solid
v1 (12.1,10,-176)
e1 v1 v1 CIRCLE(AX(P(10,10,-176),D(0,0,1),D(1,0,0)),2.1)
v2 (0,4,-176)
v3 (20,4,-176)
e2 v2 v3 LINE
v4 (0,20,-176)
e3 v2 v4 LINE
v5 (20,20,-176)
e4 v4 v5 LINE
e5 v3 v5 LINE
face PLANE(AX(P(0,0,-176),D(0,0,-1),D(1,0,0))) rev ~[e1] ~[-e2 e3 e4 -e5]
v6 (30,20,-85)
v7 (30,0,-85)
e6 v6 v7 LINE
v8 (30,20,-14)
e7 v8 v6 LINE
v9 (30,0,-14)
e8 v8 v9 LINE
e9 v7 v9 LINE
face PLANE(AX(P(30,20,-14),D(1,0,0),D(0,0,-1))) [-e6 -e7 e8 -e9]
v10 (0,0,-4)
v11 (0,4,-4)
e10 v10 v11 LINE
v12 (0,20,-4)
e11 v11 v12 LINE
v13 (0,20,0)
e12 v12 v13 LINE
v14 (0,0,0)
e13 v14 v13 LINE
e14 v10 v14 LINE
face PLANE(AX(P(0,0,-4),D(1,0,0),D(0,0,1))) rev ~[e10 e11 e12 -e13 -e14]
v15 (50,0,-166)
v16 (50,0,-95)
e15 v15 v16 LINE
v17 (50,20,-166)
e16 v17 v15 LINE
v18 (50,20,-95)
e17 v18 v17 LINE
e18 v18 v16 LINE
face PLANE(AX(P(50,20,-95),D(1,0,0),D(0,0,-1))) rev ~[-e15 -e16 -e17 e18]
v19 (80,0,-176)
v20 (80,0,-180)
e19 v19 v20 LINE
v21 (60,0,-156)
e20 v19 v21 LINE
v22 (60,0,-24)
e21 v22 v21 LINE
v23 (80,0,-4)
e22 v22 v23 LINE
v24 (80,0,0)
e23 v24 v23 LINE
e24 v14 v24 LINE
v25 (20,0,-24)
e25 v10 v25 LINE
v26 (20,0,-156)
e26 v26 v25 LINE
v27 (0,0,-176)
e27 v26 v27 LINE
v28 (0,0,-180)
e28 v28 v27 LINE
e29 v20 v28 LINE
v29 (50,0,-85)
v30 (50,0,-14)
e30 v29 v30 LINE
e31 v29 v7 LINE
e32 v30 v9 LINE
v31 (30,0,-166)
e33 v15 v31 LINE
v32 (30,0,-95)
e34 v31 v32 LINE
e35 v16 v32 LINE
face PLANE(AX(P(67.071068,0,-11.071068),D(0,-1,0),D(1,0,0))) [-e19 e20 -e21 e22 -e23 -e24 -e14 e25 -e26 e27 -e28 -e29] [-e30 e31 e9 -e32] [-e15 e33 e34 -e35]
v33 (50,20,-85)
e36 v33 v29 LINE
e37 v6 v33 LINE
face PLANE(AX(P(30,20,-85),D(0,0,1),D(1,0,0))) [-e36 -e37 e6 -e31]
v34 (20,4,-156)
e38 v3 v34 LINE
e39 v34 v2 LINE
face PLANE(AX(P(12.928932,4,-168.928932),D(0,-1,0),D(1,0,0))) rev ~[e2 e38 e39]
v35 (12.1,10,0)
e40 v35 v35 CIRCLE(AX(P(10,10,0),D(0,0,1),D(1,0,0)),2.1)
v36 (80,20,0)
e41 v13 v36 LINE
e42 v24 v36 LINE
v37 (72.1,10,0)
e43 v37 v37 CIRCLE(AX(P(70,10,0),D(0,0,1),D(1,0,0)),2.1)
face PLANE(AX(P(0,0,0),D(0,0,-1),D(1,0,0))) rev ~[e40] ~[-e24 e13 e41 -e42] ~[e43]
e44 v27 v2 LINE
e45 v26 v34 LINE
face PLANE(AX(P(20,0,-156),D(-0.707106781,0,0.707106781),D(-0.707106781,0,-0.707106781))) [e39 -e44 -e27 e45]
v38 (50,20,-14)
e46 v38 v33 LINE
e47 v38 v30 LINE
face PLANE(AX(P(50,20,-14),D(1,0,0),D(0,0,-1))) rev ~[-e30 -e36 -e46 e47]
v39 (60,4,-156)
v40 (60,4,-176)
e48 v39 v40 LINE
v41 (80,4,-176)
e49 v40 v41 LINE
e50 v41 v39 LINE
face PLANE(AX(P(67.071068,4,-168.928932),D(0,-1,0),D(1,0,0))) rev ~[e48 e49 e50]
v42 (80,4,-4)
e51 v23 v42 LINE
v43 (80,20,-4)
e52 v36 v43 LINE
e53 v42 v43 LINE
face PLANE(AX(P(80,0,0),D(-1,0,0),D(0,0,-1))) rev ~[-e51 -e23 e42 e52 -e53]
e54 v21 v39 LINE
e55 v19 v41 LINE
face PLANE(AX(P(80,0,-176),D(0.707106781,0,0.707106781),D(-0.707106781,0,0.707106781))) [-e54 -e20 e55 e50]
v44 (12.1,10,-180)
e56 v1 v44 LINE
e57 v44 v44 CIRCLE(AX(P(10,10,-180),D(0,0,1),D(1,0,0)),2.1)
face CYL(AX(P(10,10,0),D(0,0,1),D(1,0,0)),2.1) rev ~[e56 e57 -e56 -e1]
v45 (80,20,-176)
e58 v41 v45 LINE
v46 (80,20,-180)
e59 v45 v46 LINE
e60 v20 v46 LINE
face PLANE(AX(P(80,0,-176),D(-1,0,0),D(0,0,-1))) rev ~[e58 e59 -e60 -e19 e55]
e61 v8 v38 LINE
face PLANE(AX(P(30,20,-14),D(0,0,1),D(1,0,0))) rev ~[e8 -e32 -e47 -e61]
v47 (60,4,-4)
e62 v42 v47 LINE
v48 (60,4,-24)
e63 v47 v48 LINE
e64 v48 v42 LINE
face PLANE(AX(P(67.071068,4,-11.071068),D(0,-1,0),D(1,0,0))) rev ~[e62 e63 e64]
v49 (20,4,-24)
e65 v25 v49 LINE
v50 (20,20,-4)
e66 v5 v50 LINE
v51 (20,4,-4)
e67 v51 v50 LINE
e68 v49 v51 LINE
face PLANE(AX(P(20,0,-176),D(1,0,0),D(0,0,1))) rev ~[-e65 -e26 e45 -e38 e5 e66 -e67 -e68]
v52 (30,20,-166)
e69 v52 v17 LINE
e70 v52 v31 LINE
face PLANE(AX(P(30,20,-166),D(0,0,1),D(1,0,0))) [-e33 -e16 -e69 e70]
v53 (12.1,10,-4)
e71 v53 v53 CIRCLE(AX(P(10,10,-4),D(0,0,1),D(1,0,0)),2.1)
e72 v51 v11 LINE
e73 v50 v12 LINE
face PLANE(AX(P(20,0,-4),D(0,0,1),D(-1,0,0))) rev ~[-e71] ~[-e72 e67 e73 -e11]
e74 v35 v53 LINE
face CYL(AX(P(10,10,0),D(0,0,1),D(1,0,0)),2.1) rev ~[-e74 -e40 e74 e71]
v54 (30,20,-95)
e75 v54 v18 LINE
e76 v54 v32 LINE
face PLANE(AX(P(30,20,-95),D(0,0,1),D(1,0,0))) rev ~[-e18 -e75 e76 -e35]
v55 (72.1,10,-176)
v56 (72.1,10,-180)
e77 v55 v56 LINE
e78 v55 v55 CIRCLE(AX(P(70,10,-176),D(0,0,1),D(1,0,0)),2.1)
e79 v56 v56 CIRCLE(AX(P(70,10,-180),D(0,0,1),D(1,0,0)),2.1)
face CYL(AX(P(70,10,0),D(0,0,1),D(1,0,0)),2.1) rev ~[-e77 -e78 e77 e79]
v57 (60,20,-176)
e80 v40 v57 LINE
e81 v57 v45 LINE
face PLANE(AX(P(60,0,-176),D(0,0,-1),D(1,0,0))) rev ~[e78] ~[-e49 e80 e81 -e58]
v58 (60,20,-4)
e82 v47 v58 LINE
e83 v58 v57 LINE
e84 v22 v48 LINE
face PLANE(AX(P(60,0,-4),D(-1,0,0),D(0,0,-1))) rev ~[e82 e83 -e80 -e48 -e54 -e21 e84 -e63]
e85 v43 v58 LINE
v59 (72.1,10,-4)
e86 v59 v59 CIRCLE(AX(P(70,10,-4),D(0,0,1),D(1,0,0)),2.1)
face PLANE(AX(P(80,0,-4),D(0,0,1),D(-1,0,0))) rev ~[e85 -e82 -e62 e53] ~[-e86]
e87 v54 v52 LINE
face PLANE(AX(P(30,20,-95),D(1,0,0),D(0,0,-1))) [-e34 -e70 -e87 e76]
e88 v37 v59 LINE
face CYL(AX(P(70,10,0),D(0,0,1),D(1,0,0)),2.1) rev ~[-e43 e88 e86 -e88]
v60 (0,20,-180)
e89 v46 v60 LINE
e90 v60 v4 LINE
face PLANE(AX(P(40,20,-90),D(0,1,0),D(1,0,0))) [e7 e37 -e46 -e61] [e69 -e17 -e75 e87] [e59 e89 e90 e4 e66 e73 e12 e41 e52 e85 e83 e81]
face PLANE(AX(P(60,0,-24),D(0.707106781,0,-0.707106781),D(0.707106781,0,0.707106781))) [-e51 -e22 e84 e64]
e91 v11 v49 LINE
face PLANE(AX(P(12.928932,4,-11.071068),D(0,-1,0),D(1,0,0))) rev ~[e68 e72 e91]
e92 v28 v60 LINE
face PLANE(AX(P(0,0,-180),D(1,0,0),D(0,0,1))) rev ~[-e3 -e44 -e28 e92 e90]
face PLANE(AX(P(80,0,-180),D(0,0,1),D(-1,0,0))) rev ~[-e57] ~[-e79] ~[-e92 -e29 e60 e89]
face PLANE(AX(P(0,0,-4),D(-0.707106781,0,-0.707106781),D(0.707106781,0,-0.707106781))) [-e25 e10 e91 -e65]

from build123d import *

# Parameters (mm, degrees)
BOSS_EXTRUDE1_DEPTH = 20
BOSS_EXTRUDE2_DEPTH = 4
SKETCH3_W           = 20
SKETCH3_H           = 71
CUT_EXTRUDE1_DEPTH  = 55
SKETCH6_R           = 2.1
CUT_EXTRUDE2_DEPTH  = 207


with BuildPart() as part:
    # Sketch1 → Boss-Extrude1 (new body)
    with BuildSketch(Plane(origin=(0, 0, 0), x_dir=(1, 0, 0), z_dir=(0, 1, 0))):
        Polygon((20, 176), (20, 4), (0, 4), (0, 0), (80, 0), (80, 4), (60, 4), (60, 176), (80, 176), (80, 180), (0, 180), (0, 176), align=None)
    extrude(amount=BOSS_EXTRUDE1_DEPTH)

    # Sketch2 → Boss-Extrude2 (add)
    with BuildSketch(Plane.XZ):
        Polygon((60, -4), (60, -24), (80, -4), align=None)
        Polygon((0, -4), (20, -24), (20, -4), align=None)
        Polygon((0, -176), (20, -176), (20, -156), align=None)
        Polygon((60, -176), (80, -176), (60, -156), align=None)
    extrude(amount=-BOSS_EXTRUDE2_DEPTH)

    # Sketch3 → Cut-Extrude1 (cut)
    with BuildSketch(Plane(origin=(0, 20, 0), x_dir=(1, 0, 0), z_dir=(0, 1, 0))):
        with Locations((40, 49.5)):
            Rectangle(SKETCH3_W, SKETCH3_H)
        with Locations((40, 130.5)):
            Rectangle(SKETCH3_W, SKETCH3_H)
    extrude(amount=-CUT_EXTRUDE1_DEPTH, mode=Mode.SUBTRACT)

    # Sketch6 → Cut-Extrude2 (cut)
    with BuildSketch(Plane.XY):
        with Locations((10, 10)):
            Circle(SKETCH6_R)
        with Locations((70, 10)):
            Circle(SKETCH6_R)
    extrude(amount=-CUT_EXTRUDE2_DEPTH, mode=Mode.SUBTRACT)


solid = part.part
